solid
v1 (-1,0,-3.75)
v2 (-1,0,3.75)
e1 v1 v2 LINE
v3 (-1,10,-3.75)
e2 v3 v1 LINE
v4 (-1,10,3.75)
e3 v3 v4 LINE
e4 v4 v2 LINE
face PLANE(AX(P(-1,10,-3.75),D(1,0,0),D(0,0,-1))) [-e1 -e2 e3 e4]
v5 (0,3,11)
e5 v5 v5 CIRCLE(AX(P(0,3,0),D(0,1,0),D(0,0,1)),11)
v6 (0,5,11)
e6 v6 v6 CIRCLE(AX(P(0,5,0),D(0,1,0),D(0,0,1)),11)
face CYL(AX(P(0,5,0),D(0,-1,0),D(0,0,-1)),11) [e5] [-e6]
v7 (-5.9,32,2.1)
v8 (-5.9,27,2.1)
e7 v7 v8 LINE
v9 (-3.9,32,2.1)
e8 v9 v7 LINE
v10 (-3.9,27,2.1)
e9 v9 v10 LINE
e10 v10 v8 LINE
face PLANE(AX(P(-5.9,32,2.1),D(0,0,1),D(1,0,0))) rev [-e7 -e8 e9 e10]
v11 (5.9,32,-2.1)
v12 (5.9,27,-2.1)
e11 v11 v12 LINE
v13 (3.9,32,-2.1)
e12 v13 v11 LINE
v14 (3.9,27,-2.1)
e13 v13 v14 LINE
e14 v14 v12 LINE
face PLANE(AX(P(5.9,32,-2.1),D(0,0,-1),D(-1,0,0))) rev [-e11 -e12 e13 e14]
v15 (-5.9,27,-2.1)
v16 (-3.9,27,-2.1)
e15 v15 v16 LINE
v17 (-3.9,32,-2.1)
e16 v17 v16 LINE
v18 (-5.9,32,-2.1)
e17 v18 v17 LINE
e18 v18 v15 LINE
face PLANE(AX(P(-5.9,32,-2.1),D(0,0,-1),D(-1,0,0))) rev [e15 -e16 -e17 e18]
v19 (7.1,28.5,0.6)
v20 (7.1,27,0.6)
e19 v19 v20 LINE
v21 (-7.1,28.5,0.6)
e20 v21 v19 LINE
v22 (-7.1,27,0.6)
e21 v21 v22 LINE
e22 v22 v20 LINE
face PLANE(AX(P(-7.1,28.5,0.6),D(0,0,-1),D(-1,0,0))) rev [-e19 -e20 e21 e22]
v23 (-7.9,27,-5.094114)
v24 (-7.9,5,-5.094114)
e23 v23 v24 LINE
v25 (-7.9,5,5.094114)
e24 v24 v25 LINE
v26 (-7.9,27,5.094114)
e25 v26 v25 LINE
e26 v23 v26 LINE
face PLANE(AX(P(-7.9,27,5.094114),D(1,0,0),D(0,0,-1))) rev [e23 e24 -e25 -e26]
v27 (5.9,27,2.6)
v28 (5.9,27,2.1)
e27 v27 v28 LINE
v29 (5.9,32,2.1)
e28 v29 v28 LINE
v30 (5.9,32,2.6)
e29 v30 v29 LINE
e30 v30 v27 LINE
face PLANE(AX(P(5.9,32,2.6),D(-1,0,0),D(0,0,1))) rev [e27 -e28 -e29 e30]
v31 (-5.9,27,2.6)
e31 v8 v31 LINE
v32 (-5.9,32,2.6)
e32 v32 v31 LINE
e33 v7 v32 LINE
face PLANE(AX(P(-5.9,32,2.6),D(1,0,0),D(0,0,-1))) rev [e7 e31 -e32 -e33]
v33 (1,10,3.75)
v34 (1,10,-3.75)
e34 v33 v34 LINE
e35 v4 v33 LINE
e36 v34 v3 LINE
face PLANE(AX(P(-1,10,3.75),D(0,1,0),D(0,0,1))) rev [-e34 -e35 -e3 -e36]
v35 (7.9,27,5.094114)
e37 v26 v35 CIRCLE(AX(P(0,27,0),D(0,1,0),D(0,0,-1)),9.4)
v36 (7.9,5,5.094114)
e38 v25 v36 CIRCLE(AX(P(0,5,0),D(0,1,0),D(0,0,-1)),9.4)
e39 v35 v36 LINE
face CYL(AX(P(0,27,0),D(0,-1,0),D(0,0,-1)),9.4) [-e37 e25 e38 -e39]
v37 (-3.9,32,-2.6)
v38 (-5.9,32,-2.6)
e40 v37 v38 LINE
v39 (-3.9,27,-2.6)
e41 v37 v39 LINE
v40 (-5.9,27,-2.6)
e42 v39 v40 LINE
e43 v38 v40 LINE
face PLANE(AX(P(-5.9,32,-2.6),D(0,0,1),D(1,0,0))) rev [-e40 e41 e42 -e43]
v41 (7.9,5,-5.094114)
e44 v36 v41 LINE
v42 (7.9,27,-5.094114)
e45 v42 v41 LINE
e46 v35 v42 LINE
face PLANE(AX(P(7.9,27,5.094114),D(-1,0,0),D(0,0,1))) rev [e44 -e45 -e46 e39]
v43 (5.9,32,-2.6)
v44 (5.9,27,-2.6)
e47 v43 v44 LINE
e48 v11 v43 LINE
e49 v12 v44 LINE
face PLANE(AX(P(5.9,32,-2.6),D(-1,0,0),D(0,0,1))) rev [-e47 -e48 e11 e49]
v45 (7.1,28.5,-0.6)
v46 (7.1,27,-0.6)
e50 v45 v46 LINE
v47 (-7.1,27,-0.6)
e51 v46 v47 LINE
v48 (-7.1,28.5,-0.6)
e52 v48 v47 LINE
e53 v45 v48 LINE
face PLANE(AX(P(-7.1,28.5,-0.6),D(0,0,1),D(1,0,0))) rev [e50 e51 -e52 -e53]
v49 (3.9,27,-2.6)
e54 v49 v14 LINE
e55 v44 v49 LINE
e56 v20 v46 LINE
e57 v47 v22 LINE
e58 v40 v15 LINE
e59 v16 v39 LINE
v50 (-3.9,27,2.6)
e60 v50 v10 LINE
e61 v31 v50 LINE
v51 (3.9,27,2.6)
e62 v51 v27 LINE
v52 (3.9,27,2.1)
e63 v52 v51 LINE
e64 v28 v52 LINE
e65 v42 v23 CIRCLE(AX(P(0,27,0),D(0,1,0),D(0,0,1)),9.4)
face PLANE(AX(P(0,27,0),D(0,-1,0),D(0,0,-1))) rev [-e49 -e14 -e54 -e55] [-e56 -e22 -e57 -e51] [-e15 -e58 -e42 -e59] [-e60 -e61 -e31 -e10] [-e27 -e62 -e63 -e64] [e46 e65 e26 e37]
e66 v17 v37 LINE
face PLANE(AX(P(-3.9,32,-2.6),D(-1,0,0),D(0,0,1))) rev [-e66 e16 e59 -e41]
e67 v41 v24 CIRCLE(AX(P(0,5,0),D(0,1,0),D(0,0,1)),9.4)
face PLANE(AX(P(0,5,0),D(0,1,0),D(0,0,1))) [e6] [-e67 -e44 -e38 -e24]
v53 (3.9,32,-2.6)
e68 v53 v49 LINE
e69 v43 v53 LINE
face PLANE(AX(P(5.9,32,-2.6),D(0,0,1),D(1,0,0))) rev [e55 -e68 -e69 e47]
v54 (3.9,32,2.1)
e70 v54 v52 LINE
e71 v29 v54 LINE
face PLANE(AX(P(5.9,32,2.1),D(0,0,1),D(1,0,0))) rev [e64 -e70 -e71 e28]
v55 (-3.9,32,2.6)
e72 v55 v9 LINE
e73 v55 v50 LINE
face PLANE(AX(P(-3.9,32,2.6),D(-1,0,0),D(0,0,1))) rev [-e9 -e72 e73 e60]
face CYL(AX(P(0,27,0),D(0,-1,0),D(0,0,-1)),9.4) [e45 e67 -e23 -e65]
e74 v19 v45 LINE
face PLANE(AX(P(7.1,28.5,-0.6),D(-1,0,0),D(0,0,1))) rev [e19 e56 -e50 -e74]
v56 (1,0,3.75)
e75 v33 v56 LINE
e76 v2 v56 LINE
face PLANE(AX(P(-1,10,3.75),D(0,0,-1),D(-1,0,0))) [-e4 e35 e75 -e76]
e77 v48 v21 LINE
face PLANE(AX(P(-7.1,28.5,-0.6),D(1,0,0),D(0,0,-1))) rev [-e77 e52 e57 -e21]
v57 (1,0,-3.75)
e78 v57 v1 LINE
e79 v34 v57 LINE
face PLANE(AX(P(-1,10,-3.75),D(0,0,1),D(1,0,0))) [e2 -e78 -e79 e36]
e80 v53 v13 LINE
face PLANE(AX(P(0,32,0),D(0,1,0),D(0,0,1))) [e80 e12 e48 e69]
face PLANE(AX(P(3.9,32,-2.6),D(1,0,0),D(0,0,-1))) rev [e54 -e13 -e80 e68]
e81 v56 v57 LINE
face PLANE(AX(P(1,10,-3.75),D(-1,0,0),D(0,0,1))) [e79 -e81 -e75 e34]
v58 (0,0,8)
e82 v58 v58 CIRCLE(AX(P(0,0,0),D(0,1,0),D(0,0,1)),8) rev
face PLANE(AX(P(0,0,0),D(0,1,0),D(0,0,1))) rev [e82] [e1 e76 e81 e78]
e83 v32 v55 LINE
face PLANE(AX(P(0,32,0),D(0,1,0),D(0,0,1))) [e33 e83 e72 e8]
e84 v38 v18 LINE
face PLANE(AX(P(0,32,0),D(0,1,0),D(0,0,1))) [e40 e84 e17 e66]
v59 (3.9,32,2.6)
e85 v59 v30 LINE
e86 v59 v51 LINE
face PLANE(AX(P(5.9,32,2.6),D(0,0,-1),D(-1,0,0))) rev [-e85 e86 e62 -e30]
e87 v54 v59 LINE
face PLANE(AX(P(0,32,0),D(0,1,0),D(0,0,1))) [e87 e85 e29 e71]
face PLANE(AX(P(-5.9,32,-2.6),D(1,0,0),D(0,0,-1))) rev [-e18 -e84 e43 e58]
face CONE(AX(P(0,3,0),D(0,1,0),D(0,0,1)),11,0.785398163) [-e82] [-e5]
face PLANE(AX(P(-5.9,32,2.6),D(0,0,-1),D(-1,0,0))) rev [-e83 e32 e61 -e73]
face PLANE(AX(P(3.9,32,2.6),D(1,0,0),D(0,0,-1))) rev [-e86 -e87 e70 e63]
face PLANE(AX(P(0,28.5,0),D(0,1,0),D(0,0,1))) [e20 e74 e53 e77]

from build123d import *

# Parameters (mm, degrees)
SKETCH_1_R          = 11
EXTRUDE_1_DEPTH     = 5
CHAMFER_1_SIZE      = 3
EXTRUDE_3_DEPTH     = 22
SKETCH_4_W          = 2
SKETCH_4_H          = 7.5
CUT_EXTRUDE_1_DEPTH = 10
SKETCH_6_W          = 2
SKETCH_6_H          = 0.5
EXTRUDE_1_2_DEPTH   = 5
SKETCH_7_W          = 14.2
SKETCH_7_H          = 1.2
EXTRUDE_2_DEPTH     = 1.5


with BuildPart() as part:
    # 草图1 → Extrude 1 (new body)
    with BuildSketch(Plane(origin=(0, 0, 0), x_dir=(1, 0, 0), z_dir=(0, 1, 0))):
        with Locations(Location((0, 0, 0), (0, 0, 270))):
            Circle(SKETCH_1_R)
    extrude(amount=EXTRUDE_1_DEPTH)

    # 倒角1
    chamfer_1_edges = [part.edges().sort_by_distance(p)[0] for p in [
        (0, 0, -11),
    ]]
    chamfer(chamfer_1_edges, length=CHAMFER_1_SIZE)

    # 草图3 → 拉伸3 (add)
    with BuildSketch(Plane(origin=(0, 5, 0), x_dir=(-1, 0, 0), z_dir=(0, 1, 0))):
        with BuildLine():
            Line((-7.9, 5.094114251), (-7.9, -5.094114251))
            ThreePointArc((-7.9, -5.094114251), (0, -9.4), (7.9, -5.094114251))
            Line((7.9, -5.094114251), (7.9, 5.094114251))
            ThreePointArc((7.9, 5.094114251), (0, 9.4), (-7.9, 5.094114251))
        make_face()
    extrude(amount=EXTRUDE_3_DEPTH)

    # 草图4 → 切除-拉伸1 (cut)
    with BuildSketch(Plane(origin=(0, 0, 0), x_dir=(-1, 0, 0), z_dir=(0, 1, 0))):
        Rectangle(SKETCH_4_W, SKETCH_4_H)
    extrude(amount=CUT_EXTRUDE_1_DEPTH, mode=Mode.SUBTRACT)

    # 草图6 → Extrude 1 2 (add)
    with BuildSketch(Plane(origin=(0, 27, 0), x_dir=(1, 0, 0), z_dir=(0, 1, 0))):
        with Locations((4.9, 2.35)):
            Rectangle(SKETCH_6_W, SKETCH_6_H)
        with Locations((-4.9, 2.35)):
            Rectangle(SKETCH_6_W, SKETCH_6_H)
        with Locations((4.9, -2.35)):
            Rectangle(SKETCH_6_W, SKETCH_6_H)
        with Locations((-4.9, -2.35)):
            Rectangle(SKETCH_6_W, SKETCH_6_H)
    extrude(amount=EXTRUDE_1_2_DEPTH)

    # 草图7 → 凸台-拉伸2 (add)
    with BuildSketch(Plane(origin=(0, 27, 0), x_dir=(1, 0, 0), z_dir=(0, 1, 0))):
        Rectangle(SKETCH_7_W, SKETCH_7_H)
    extrude(amount=EXTRUDE_2_DEPTH)


solid = part.part
